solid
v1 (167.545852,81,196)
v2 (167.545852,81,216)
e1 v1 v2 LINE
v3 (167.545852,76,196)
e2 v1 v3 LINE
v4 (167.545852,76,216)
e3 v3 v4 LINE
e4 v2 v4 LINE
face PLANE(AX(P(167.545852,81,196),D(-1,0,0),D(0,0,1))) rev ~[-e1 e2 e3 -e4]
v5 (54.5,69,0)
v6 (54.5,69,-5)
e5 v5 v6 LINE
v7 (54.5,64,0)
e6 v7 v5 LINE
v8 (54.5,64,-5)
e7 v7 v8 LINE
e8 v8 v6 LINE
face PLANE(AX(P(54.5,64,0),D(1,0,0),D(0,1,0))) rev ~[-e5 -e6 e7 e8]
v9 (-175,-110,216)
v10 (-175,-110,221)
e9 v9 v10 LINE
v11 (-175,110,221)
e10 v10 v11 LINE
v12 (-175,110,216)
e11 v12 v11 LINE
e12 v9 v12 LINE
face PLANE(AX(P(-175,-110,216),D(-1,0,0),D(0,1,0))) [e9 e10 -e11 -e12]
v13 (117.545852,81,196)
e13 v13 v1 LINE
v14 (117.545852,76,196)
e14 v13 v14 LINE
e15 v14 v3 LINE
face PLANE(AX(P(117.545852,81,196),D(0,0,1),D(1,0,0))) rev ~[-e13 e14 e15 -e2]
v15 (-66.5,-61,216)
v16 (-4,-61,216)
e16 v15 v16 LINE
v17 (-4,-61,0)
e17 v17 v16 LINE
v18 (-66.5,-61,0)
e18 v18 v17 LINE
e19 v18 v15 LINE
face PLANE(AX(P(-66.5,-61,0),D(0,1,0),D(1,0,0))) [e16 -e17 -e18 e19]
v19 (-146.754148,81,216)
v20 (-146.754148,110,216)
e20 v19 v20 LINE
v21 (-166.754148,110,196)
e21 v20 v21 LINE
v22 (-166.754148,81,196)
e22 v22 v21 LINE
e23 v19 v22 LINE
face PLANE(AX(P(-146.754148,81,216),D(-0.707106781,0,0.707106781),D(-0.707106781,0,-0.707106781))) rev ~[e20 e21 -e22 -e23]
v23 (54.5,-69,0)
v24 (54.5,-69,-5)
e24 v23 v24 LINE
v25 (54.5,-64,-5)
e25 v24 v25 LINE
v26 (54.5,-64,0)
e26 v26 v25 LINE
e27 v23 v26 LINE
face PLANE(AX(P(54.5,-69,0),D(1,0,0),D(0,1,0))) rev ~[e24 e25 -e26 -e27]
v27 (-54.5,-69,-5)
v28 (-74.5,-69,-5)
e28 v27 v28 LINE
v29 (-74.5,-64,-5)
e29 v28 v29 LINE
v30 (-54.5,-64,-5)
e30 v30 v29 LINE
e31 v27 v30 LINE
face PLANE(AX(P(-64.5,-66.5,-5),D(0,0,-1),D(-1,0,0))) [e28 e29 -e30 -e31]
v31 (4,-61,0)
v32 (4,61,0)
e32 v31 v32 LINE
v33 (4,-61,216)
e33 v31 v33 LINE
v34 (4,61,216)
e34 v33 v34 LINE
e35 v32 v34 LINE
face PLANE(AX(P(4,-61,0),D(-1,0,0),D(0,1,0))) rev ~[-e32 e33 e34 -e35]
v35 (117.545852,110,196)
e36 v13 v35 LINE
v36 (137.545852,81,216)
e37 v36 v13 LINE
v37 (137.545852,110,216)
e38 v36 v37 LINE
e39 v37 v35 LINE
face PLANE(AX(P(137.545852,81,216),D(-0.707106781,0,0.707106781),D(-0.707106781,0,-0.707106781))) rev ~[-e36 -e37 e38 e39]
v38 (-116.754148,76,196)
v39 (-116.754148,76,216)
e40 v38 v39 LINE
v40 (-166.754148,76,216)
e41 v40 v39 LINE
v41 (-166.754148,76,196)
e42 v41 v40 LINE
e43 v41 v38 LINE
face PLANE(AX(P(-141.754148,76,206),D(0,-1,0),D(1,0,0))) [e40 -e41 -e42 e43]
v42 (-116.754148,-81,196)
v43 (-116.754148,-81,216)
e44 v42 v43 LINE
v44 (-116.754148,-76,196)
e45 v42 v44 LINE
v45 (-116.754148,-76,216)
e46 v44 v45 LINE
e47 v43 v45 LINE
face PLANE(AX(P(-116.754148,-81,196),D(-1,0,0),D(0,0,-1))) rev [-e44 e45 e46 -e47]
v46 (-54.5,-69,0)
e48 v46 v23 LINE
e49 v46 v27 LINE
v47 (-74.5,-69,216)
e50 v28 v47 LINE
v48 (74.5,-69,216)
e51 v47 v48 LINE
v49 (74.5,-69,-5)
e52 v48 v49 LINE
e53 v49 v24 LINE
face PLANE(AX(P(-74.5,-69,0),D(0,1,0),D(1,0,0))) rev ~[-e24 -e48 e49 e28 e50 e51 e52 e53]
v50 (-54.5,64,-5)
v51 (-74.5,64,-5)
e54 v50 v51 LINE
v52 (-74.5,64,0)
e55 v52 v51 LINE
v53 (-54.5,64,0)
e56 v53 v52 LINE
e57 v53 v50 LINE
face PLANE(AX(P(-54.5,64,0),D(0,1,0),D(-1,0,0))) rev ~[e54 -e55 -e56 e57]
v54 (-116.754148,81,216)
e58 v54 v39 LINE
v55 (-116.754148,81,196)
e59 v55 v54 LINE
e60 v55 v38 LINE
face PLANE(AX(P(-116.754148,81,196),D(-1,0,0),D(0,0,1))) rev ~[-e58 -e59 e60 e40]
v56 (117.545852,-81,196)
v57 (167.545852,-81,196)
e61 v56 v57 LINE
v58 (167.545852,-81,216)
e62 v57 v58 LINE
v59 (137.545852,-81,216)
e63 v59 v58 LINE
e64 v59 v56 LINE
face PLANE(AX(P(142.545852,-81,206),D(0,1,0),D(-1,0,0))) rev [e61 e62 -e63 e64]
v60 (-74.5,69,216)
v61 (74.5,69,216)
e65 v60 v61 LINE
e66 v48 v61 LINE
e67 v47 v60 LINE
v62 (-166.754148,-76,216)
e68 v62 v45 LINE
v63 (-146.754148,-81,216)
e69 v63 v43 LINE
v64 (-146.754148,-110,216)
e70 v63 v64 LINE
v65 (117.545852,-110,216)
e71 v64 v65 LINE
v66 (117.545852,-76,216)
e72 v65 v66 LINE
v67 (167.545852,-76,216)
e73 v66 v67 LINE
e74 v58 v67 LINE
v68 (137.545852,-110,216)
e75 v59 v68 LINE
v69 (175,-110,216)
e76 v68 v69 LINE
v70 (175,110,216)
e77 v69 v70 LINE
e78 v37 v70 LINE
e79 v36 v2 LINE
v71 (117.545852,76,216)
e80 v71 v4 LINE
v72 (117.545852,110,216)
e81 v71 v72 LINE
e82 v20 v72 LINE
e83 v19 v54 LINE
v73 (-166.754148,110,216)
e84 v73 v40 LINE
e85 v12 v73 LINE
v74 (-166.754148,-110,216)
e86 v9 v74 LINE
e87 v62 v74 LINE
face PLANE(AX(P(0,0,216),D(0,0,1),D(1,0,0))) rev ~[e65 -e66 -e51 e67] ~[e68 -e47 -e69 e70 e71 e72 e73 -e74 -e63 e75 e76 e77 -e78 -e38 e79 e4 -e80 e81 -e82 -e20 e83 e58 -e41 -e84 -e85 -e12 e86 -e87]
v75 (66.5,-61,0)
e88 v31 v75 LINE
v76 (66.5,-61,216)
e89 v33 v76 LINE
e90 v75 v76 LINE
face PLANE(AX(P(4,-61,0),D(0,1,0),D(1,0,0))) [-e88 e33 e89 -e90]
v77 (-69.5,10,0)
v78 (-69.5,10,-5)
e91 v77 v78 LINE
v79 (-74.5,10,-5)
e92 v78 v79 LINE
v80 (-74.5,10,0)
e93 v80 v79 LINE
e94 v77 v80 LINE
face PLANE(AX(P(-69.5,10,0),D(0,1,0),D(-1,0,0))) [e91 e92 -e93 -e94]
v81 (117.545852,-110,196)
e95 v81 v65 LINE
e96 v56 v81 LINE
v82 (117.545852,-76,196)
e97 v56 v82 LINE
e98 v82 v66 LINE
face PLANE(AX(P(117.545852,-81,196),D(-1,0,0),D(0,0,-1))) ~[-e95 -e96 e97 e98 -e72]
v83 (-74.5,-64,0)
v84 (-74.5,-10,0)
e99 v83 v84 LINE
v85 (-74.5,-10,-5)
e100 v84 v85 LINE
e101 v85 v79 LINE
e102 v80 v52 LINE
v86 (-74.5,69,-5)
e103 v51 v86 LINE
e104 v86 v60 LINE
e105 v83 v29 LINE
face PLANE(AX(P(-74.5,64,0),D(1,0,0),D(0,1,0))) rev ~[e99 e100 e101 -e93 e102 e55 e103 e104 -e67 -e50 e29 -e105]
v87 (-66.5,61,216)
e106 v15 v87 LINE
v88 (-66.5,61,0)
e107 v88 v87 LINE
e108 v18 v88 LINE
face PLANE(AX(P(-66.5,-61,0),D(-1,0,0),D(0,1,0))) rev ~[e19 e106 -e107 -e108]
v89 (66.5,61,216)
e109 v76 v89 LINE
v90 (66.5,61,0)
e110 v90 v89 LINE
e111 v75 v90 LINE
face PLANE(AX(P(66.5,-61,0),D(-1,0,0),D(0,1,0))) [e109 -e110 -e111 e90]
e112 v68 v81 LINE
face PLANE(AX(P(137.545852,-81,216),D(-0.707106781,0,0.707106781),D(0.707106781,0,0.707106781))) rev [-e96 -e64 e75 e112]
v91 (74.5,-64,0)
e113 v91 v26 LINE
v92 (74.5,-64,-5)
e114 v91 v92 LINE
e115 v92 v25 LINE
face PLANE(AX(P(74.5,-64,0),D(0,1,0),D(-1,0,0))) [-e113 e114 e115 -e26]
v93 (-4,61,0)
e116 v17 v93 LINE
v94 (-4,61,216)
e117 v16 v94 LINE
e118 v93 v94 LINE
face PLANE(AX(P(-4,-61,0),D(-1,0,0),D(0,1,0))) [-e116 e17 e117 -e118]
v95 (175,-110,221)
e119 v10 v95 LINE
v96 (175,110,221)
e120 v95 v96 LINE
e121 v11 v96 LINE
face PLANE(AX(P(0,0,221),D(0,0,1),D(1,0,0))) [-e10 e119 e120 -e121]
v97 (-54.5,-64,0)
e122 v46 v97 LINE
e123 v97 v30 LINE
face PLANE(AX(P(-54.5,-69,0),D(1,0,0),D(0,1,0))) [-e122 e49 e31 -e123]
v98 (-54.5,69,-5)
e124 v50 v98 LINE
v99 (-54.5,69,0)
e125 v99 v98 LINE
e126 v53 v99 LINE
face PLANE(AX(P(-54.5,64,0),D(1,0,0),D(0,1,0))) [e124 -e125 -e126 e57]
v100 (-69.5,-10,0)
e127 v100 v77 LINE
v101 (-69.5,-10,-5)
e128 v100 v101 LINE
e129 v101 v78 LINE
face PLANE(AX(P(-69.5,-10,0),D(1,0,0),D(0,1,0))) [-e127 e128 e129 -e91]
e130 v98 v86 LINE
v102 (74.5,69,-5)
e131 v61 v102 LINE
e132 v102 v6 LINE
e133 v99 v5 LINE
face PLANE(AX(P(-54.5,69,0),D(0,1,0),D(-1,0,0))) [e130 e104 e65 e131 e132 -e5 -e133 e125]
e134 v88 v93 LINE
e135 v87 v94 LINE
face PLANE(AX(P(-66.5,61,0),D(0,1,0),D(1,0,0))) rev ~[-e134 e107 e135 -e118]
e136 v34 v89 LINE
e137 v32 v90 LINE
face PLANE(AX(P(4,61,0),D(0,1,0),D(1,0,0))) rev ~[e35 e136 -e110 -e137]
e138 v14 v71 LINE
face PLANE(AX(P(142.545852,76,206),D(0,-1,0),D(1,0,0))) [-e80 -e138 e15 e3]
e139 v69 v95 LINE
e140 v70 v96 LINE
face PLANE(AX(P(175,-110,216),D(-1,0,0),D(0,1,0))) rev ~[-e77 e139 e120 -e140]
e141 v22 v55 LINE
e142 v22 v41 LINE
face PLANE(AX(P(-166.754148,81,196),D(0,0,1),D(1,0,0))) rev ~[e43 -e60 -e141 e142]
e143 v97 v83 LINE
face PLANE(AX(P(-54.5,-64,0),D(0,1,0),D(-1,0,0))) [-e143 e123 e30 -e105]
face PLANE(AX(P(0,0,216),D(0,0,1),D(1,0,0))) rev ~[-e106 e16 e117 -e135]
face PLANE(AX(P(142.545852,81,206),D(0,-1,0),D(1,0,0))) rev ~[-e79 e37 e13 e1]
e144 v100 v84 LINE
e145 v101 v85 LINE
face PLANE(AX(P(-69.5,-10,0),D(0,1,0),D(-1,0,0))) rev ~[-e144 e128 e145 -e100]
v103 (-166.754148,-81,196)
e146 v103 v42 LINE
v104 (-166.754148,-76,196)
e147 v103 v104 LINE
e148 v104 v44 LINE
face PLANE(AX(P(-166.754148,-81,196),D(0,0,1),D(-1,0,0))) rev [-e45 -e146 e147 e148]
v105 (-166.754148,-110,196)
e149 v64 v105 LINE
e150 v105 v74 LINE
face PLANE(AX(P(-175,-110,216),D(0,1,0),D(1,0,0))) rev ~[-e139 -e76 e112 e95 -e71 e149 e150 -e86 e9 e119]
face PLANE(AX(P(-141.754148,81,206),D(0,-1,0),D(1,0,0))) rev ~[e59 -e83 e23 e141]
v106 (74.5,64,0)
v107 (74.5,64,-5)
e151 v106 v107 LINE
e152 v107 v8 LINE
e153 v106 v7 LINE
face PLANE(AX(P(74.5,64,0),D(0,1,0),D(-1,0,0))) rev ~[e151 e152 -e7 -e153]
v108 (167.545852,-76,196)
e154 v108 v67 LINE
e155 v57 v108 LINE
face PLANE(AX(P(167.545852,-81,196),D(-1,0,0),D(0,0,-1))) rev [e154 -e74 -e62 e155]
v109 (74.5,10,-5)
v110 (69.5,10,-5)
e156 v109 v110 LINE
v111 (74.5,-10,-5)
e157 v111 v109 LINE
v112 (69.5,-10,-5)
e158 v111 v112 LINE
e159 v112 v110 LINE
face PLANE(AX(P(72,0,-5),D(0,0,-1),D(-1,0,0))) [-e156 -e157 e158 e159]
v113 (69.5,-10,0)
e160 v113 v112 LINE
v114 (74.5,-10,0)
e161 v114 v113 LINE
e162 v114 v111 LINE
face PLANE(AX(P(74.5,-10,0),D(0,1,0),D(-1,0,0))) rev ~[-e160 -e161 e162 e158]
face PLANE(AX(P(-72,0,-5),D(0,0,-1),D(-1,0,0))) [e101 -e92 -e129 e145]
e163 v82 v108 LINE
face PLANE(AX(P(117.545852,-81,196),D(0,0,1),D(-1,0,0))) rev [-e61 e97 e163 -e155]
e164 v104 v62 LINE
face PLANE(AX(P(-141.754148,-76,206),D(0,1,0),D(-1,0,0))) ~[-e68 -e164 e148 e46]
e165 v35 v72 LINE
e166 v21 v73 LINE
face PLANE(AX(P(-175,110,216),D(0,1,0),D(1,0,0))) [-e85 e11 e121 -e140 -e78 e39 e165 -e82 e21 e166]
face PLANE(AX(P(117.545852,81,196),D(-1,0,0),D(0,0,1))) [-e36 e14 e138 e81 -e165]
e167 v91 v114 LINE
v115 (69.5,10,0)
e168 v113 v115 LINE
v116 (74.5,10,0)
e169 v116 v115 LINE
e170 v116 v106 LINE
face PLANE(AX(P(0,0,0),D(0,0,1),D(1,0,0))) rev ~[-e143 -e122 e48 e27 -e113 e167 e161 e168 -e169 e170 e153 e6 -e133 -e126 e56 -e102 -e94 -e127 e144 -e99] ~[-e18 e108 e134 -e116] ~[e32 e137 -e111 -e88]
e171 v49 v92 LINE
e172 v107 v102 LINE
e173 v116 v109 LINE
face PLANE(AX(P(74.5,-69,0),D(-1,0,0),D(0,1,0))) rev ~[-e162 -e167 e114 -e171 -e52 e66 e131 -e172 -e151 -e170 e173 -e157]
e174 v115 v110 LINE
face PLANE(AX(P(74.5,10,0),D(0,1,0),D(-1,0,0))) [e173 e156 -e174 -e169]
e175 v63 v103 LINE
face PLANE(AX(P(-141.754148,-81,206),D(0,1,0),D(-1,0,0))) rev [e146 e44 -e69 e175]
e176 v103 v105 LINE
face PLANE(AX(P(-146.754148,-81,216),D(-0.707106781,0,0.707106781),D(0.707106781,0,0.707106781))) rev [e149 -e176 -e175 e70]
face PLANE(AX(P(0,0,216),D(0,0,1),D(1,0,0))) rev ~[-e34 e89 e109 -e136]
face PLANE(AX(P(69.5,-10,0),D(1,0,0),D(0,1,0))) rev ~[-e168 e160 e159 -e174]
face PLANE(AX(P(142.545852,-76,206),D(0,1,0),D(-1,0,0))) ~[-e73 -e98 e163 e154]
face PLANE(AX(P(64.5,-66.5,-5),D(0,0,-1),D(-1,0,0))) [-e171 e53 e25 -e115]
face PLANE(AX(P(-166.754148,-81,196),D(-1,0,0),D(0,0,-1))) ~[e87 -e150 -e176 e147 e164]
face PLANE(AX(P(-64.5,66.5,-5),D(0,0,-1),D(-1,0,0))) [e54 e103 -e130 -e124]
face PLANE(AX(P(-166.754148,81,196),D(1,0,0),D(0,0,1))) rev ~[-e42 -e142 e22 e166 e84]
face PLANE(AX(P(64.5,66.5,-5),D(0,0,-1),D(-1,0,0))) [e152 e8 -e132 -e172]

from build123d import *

# Parameters (mm, degrees)
SKETCH_1_W      = 149
SKETCH_1_H      = 138
SKETCH_1_W_2    = 62.5
SKETCH_1_H_2    = 122
EXTRUDE_1_DEPTH = 216
SKETCH_2_W      = 5
SKETCH_2_H      = 20
SKETCH_2_W_2    = 20
SKETCH_2_H_2    = 5
EXTRUDE_2_DEPTH = 5
SKETCH_3_W      = 350
SKETCH_3_H      = 220
EXTRUDE_3_DEPTH = 5
EXTRUDE_START   = 12
EXTRUDE_4_DEPTH = 29
SKETCH_6_W      = 50
SKETCH_6_H      = 20
EXTRUDE_5_DEPTH = 5


with BuildPart() as part:
    # 草图1 → 凸台-拉伸1 (new body)
    with BuildSketch(Plane.XY):
        Rectangle(SKETCH_1_W, SKETCH_1_H)
        with Locations((35.25, 0)):
            Rectangle(SKETCH_1_W_2, SKETCH_1_H_2, mode=Mode.SUBTRACT)
        with Locations((-35.25, 0)):
            Rectangle(SKETCH_1_W_2, SKETCH_1_H_2, mode=Mode.SUBTRACT)
    extrude(amount=EXTRUDE_1_DEPTH)

    # 草图2 → 凸台-拉伸2 (add)
    with BuildSketch(Plane(origin=(0, 0, 0), x_dir=(-1, 0, 0), z_dir=(0, 0, -1))):
        with Locations((72, 0)):
            Rectangle(SKETCH_2_W, SKETCH_2_H)
        with Locations((-72, 0)):
            Rectangle(SKETCH_2_W, SKETCH_2_H)
        with Locations((64.5, 66.5)):
            Rectangle(SKETCH_2_W_2, SKETCH_2_H_2)
        with Locations((-64.5, 66.5)):
            Rectangle(SKETCH_2_W_2, SKETCH_2_H_2)
        with Locations((64.5, -66.5)):
            Rectangle(SKETCH_2_W_2, SKETCH_2_H_2)
        with Locations((-64.5, -66.5)):
            Rectangle(SKETCH_2_W_2, SKETCH_2_H_2)
    extrude(amount=EXTRUDE_2_DEPTH)

    # 草图3 → 凸台-拉伸3 (add)
    with BuildSketch(Plane.XY.offset(216)):
        Rectangle(SKETCH_3_W, SKETCH_3_H)
    extrude(amount=EXTRUDE_3_DEPTH)

    # 草图5 → 凸台-拉伸4 (add)
    with BuildSketch(Plane(origin=(0, 69, 0), x_dir=(1, 0, 0), z_dir=(0, 1, 0)).offset(EXTRUDE_START)):
        Polygon((-146.754147686, -216), (-166.754147686, -196), (-166.754147686, -216), align=None)
        Polygon((117.545852314, -216), (137.545852314, -216), (117.545852314, -196), align=None)
    extrude_4 = extrude(amount=EXTRUDE_4_DEPTH)

    # 草图6 → 凸台-拉伸5 (add)
    with BuildSketch(Plane.XZ.offset(-81)):
        with Locations((142.545852314, 206)):
            Rectangle(SKETCH_6_W, SKETCH_6_H)
        with Locations((-141.754147686, 206)):
            Rectangle(SKETCH_6_W, SKETCH_6_H)
    extrude_5 = extrude(amount=EXTRUDE_5_DEPTH)

    # 镜向1: 凸台-拉伸4, 凸台-拉伸5 across plane
    add(extrude_4.mirror(Plane.ZX))
    add(extrude_5.mirror(Plane.ZX))


solid = part.part
